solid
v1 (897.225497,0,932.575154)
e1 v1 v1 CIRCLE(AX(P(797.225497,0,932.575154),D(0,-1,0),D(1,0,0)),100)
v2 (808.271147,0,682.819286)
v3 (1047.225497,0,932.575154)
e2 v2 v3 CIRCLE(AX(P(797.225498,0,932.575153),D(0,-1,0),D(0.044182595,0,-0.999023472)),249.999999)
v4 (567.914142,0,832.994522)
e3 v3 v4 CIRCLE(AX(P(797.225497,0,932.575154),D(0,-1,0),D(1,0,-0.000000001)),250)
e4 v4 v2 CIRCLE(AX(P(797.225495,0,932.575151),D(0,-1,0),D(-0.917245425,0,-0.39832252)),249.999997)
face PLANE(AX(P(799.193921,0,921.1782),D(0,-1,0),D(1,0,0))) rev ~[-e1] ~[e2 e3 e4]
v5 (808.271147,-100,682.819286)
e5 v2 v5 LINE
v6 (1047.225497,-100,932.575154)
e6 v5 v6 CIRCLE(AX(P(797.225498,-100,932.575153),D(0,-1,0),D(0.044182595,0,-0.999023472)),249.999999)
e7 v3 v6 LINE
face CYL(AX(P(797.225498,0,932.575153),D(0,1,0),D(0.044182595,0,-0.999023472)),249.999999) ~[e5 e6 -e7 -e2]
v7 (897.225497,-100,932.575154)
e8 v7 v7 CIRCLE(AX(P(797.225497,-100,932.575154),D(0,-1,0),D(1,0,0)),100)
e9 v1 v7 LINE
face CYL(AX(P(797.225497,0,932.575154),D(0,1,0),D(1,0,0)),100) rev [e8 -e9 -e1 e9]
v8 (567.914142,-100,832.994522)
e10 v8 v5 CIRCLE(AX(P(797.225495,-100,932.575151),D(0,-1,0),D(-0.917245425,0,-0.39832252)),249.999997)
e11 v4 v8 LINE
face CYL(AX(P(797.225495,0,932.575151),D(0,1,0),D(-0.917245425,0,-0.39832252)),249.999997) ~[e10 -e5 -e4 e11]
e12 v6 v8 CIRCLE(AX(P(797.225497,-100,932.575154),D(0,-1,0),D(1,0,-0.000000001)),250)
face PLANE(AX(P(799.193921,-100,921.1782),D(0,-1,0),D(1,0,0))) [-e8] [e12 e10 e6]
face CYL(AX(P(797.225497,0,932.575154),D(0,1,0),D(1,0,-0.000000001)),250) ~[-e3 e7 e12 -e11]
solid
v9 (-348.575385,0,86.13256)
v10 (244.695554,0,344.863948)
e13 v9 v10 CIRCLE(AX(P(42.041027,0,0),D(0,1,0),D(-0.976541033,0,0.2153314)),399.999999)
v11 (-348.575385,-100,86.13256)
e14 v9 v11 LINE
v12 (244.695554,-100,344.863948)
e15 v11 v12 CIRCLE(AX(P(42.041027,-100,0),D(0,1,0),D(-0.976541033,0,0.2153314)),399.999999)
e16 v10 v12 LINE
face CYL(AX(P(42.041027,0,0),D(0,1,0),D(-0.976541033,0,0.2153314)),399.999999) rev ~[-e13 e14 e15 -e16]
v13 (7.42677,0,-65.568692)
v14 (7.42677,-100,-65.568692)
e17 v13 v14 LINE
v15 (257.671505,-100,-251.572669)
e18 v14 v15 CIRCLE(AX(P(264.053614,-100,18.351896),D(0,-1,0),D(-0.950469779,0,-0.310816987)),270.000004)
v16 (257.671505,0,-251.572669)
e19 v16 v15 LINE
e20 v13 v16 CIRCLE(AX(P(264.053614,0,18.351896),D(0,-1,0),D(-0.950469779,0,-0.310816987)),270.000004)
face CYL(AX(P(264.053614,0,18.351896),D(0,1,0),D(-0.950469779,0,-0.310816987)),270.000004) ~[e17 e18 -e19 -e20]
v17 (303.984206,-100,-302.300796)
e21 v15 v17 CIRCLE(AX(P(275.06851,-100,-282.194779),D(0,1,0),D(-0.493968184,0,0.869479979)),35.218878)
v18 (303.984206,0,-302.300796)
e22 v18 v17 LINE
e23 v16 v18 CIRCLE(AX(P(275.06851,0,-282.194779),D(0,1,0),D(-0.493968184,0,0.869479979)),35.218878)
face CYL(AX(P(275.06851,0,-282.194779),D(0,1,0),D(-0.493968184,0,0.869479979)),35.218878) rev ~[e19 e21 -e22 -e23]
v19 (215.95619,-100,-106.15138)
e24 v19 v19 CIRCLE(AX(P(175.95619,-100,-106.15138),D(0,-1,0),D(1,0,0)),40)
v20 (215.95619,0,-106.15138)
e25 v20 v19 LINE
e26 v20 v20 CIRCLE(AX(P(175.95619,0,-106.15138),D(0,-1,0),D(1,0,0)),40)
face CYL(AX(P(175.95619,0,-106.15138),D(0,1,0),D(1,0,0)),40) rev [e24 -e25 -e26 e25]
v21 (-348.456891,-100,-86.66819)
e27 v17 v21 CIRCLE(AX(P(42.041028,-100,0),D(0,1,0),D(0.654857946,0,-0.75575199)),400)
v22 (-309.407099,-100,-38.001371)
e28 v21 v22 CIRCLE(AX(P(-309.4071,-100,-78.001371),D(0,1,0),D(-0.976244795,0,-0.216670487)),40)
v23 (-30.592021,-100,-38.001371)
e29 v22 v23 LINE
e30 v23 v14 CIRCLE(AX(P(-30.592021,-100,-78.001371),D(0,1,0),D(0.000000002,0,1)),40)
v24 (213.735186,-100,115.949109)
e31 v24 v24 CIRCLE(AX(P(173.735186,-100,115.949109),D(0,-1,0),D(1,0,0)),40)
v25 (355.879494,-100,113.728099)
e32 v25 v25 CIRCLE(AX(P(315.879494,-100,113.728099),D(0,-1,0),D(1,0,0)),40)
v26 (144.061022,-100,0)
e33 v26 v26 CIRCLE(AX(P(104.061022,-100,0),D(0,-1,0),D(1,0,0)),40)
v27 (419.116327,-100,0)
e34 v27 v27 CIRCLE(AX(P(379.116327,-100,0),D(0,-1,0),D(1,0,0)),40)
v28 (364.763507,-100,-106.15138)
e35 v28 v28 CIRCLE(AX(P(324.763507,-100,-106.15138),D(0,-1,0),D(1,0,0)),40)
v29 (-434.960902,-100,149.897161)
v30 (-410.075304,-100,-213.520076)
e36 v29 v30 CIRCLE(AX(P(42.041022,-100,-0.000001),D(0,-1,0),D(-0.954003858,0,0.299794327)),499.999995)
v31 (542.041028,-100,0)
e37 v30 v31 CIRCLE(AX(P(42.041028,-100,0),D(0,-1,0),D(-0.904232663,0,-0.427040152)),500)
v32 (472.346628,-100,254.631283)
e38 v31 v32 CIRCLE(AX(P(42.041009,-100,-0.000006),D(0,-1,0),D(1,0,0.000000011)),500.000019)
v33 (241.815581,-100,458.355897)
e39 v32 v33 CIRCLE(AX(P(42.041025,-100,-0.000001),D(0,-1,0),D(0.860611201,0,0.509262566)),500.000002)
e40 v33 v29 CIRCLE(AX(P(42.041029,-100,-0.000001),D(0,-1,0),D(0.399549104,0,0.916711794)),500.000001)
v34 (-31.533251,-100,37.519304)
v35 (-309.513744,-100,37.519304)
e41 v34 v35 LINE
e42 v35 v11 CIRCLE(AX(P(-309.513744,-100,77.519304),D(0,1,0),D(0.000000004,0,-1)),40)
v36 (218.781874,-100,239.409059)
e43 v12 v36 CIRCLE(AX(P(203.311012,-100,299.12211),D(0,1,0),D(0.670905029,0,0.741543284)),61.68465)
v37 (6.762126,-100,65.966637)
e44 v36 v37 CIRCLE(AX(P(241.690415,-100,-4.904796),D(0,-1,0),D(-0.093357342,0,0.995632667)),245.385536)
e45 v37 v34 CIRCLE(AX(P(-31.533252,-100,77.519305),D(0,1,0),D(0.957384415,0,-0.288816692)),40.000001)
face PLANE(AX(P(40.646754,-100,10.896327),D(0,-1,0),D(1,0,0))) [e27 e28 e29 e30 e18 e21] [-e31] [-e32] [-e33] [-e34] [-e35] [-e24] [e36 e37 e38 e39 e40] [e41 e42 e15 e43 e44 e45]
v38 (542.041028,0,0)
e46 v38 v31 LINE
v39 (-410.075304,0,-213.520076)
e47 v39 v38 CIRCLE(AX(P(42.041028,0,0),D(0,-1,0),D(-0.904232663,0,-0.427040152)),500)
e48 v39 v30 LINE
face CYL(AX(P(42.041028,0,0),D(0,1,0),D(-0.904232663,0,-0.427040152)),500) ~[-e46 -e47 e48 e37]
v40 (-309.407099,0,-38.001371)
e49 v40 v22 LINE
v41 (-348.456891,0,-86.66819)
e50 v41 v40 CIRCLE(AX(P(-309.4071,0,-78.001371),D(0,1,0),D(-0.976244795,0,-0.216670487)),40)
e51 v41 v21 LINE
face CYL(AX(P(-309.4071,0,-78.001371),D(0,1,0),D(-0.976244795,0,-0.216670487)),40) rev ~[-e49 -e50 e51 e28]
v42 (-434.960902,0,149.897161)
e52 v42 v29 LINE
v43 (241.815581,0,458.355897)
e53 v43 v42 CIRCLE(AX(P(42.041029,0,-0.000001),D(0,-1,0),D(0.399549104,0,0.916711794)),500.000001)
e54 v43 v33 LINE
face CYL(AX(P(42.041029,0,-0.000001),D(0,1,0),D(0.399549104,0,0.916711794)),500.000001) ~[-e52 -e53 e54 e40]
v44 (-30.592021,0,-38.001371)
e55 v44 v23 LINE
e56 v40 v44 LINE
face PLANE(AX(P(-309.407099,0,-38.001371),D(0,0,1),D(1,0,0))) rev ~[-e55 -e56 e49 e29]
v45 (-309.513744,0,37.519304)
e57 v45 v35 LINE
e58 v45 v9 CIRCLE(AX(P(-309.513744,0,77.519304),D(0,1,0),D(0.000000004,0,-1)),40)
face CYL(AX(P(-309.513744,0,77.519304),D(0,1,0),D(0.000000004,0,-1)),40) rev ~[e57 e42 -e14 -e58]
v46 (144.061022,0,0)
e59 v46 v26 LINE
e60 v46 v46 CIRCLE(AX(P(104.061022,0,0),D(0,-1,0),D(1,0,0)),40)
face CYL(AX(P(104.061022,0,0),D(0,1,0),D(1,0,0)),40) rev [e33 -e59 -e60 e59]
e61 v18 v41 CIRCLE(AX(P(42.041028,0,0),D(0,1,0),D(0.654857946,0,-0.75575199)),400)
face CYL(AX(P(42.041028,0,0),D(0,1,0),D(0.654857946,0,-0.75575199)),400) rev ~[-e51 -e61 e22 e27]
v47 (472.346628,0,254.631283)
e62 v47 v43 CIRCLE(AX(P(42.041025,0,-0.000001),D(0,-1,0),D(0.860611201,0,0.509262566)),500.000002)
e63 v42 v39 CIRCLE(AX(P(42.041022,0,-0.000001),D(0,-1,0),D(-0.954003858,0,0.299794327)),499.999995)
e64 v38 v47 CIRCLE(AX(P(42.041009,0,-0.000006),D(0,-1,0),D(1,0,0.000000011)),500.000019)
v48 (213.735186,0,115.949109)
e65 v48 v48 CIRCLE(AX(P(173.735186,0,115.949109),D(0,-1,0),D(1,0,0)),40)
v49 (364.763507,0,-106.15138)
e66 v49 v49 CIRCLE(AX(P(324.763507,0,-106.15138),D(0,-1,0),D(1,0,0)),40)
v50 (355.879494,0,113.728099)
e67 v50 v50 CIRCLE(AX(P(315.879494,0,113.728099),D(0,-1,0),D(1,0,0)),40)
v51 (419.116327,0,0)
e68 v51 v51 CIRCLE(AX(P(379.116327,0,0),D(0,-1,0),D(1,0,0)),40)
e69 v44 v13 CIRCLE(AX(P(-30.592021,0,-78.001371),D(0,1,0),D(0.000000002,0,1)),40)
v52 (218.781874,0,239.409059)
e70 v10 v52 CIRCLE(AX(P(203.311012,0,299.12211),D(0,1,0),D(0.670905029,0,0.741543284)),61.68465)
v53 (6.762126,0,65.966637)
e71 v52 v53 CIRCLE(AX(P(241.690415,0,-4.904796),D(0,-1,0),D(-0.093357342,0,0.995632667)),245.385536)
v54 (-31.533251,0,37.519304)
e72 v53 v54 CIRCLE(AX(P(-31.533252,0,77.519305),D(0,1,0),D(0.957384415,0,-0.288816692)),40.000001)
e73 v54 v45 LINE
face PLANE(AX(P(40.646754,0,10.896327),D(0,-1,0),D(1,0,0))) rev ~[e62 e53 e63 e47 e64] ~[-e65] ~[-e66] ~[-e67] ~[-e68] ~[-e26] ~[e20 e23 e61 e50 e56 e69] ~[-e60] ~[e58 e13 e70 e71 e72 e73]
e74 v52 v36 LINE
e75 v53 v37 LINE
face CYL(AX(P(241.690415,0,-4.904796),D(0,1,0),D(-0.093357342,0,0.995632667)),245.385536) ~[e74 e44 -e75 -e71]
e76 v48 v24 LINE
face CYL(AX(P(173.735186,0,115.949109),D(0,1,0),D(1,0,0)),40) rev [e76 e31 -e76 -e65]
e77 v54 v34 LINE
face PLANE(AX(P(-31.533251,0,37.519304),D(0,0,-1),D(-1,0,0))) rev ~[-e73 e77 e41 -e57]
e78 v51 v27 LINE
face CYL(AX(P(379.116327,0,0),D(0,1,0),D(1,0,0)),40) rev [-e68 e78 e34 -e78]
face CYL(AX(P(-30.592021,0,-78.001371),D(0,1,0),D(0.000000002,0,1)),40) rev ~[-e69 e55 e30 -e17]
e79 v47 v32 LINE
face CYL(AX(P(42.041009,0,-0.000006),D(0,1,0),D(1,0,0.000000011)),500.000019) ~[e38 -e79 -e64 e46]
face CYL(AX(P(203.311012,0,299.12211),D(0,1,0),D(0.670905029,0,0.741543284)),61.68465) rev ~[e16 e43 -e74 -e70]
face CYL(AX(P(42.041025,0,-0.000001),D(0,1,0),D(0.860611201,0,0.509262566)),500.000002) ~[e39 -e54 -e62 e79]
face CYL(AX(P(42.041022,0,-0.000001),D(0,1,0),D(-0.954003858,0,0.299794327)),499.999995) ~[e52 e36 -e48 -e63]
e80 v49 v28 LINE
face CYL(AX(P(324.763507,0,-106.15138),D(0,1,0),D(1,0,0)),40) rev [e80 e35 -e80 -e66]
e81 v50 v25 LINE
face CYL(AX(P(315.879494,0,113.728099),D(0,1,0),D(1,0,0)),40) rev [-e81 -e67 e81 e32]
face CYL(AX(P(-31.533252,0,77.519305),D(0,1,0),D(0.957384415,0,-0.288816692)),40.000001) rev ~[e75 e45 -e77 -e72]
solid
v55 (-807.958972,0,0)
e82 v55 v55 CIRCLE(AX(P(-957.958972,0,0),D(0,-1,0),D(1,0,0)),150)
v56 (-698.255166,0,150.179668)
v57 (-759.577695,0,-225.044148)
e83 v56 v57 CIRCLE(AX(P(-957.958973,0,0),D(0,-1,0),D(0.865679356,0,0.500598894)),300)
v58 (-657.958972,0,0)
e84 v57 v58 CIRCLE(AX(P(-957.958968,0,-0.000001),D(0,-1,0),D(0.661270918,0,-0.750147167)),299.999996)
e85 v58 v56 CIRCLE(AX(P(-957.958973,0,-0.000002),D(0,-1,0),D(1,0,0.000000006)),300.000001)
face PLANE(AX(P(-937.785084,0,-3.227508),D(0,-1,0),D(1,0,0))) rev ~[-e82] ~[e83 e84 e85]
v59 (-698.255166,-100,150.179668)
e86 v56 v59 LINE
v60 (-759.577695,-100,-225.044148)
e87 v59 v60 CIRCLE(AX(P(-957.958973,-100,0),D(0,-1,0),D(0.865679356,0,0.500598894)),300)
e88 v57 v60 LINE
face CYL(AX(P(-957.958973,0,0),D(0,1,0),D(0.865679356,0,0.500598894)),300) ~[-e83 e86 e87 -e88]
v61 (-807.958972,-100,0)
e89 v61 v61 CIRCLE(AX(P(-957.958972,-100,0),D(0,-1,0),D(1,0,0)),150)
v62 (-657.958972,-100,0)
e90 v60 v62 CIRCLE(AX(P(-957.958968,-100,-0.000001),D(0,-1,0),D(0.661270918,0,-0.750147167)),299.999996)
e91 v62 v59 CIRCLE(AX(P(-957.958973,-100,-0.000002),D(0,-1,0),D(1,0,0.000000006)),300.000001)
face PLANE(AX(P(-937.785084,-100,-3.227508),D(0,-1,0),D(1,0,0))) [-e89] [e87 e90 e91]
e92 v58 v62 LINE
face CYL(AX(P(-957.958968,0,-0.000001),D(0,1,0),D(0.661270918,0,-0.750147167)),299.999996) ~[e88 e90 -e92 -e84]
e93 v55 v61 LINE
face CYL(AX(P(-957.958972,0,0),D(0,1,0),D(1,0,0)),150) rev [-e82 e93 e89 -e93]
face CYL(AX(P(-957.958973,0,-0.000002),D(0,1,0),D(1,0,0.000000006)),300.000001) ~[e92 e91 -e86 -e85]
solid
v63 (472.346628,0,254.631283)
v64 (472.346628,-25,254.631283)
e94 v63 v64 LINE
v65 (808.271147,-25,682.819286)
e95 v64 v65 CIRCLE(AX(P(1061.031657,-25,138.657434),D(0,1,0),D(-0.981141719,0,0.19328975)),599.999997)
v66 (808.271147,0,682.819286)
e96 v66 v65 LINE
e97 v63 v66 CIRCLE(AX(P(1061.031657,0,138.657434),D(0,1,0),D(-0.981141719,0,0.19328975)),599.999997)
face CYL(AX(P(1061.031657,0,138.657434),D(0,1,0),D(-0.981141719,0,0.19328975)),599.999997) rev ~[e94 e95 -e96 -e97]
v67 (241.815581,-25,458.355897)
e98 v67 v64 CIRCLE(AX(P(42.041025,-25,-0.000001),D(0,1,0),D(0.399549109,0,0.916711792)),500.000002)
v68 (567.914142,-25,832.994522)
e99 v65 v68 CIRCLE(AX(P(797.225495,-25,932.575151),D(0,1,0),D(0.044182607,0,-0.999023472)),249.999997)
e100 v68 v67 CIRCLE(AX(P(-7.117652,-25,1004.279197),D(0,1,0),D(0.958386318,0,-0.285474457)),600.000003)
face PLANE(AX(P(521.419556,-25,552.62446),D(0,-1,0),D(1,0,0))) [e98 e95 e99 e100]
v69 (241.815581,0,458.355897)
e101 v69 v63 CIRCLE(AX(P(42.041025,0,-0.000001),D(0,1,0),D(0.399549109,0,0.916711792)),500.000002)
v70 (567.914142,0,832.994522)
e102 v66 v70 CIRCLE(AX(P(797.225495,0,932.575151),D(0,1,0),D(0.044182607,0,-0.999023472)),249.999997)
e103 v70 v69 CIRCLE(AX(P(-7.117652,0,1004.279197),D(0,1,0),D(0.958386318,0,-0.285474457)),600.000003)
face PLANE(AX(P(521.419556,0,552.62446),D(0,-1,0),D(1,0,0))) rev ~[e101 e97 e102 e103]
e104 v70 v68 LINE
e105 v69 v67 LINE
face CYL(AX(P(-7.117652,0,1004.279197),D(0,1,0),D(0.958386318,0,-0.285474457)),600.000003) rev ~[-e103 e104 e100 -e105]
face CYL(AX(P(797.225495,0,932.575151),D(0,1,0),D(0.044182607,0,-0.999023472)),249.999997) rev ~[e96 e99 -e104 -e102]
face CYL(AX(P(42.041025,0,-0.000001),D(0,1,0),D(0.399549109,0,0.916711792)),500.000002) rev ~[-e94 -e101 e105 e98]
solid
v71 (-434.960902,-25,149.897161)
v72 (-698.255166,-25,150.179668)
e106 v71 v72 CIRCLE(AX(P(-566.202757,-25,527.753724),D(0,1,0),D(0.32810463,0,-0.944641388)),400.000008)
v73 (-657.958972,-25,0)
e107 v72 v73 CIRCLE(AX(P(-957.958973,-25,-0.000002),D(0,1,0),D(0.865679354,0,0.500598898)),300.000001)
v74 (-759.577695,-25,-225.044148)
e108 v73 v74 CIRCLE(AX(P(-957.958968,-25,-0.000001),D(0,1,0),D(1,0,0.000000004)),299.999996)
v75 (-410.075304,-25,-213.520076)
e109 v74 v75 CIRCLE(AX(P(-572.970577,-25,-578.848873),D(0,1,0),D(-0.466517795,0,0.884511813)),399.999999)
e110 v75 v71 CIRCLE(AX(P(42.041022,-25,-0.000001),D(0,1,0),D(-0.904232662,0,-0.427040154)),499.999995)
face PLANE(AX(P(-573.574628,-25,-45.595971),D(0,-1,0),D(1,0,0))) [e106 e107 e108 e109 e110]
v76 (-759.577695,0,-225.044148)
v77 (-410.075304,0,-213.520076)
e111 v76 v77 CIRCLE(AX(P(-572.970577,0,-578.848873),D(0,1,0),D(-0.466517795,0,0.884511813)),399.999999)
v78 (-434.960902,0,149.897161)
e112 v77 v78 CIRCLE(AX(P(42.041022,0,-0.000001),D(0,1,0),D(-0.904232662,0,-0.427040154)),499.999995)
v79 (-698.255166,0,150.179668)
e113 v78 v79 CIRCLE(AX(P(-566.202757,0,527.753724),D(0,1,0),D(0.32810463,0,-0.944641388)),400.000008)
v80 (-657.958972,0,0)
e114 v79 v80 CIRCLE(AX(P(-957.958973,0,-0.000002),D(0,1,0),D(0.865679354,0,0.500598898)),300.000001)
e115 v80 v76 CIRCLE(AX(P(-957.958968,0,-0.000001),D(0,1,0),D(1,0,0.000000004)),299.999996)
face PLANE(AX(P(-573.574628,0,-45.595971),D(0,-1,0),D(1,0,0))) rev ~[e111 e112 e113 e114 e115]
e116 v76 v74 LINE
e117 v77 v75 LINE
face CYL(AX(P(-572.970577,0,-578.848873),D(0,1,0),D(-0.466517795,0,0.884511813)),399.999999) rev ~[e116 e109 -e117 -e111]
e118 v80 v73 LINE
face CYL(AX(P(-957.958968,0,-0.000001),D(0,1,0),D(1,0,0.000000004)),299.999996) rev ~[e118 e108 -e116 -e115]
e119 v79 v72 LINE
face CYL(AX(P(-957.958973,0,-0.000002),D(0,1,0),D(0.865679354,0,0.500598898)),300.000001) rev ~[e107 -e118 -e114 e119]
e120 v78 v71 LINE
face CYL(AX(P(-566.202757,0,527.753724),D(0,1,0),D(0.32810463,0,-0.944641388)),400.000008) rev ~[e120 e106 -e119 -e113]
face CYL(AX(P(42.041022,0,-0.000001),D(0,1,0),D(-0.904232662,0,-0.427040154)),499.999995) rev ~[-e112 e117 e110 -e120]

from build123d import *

# Parameters (mm, degrees)
F0_R     = 100
F0_R_2   = 40
F0_R_3   = 150
F1_DEPTH = 100
F2_DEPTH = 25


with BuildPart() as f1:
    # F0 (on Front) → F1 (new body)
    with BuildSketch(Plane.XZ):
        with BuildLine():
            ThreePointArc((1047.225497, 932.575154), (746.371976, 1177.348354), (567.914142, 832.994522))
            ThreePointArc((567.914142, 832.994522), (664.756142, 720.556593), (808.271147, 682.819286))
            ThreePointArc((808.271147, 682.819286), (977.865211, 759.747801), (1047.225497, 932.575154))
        make_face()
        with Locations((797.225497, 932.575154)):
            Circle(F0_R, mode=Mode.SUBTRACT)
        with BuildLine():
            ThreePointArc((241.815581, 458.355897), (-165.324477, 454.972029), (-434.960902, 149.897161))
            ThreePointArc((-434.960902, 149.897161), (-456.790816, -34.158339), (-410.075304, -213.520076))
            ThreePointArc((-410.075304, -213.520076), (151.452714, -487.882243), (542.041028, 0))
            ThreePointArc((542.041028, 0), (524.302782, 131.998484), (472.346628, 254.631283))
            ThreePointArc((472.346628, 254.631283), (373.139472, 374.664944), (241.815581, 458.355897))
        make_face()
        with BuildLine():
            ThreePointArc((-348.456891, -86.66819), (-340.605439, -52.968121), (-309.407099, -38.001371))
            Line((-309.407099, -38.001371), (-30.592021, -38.001371))
            ThreePointArc((-30.592021, -38.001371), (-7.111254, -45.61845), (7.42677, -65.568692))
            ThreePointArc((7.42677, -65.568692), (102.985935, -198.344216), (257.671505, -251.572669))
            ThreePointArc((257.671505, -251.572669), (301.078235, -258.448966), (303.984206, -302.300796))
            ThreePointArc((303.984206, -302.300796), (-83.481622, -379.794766), (-348.456891, -86.66819))
        make_face(mode=Mode.SUBTRACT)
        with Locations((175.95619, -106.15138)):
            Circle(F0_R_2, mode=Mode.SUBTRACT)
        with Locations((324.763507, -106.15138)):
            Circle(F0_R_2, mode=Mode.SUBTRACT)
        with Locations((104.061022, 0)):
            Circle(F0_R_2, mode=Mode.SUBTRACT)
        with Locations((173.735186, 115.949109)):
            Circle(F0_R_2, mode=Mode.SUBTRACT)
        with Locations((379.116327, 0)):
            Circle(F0_R_2, mode=Mode.SUBTRACT)
        with Locations((315.879494, 113.728099)):
            Circle(F0_R_2, mode=Mode.SUBTRACT)
        with BuildLine():
            ThreePointArc((-348.575385, 86.13256), (-117.85863, 366.649832), (244.695554, 344.863948))
            ThreePointArc((244.695554, 344.863948), (263.21358, 284.40211), (218.781874, 239.409059))
            ThreePointArc((218.781874, 239.409059), (86.318197, 185.025546), (6.762126, 65.966637))
            ThreePointArc((6.762126, 65.966637), (-7.680648, 45.409285), (-31.533251, 37.519304))
            Line((-31.533251, 37.519304), (-309.513744, 37.519304))
            ThreePointArc((-309.513744, 37.519304), (-340.69491, 52.464666), (-348.575385, 86.13256))
        make_face(mode=Mode.SUBTRACT)
        with BuildLine():
            ThreePointArc((-657.958972, 0), (-668.208095, 77.745926), (-698.255166, 150.179668))
            ThreePointArc((-698.255166, 150.179668), (-1254.031116, 48.386834), (-759.577695, -225.044148))
            ThreePointArc((-759.577695, -225.044148), (-684.541358, -123.461769), (-657.958972, 0))
        make_face()
        with Locations((-957.958972, 0)):
            Circle(F0_R_3, mode=Mode.SUBTRACT)
    extrude(amount=F1_DEPTH)


with BuildPart() as f2:
    # F0 (on Front) → F2 (new body)
    with BuildSketch(Plane.XZ):
        with BuildLine():
            ThreePointArc((-434.960902, 149.897161), (-566.631945, 127.753946), (-698.255166, 150.179668))
            ThreePointArc((-698.255166, 150.179668), (-668.208095, 77.745926), (-657.958972, 0))
            ThreePointArc((-657.958972, 0), (-684.541358, -123.461769), (-759.577695, -225.044148))
            ThreePointArc((-759.577695, -225.044148), (-586.152532, -179.066137), (-410.075304, -213.520076))
            ThreePointArc((-410.075304, -213.520076), (-456.790816, -34.158339), (-434.960902, 149.897161))
        make_face()
        with BuildLine():
            ThreePointArc((567.914142, 832.994522), (445.450703, 610.347873), (241.815581, 458.355897))
            ThreePointArc((241.815581, 458.355897), (373.139472, 374.664944), (472.346628, 254.631283))
            ThreePointArc((472.346628, 254.631283), (588.968218, 509.003362), (808.271147, 682.819286))
            ThreePointArc((808.271147, 682.819286), (664.756142, 720.556593), (567.914142, 832.994522))
        make_face()
    extrude(amount=F2_DEPTH)


solid = Compound([f1.part, f2.part])
